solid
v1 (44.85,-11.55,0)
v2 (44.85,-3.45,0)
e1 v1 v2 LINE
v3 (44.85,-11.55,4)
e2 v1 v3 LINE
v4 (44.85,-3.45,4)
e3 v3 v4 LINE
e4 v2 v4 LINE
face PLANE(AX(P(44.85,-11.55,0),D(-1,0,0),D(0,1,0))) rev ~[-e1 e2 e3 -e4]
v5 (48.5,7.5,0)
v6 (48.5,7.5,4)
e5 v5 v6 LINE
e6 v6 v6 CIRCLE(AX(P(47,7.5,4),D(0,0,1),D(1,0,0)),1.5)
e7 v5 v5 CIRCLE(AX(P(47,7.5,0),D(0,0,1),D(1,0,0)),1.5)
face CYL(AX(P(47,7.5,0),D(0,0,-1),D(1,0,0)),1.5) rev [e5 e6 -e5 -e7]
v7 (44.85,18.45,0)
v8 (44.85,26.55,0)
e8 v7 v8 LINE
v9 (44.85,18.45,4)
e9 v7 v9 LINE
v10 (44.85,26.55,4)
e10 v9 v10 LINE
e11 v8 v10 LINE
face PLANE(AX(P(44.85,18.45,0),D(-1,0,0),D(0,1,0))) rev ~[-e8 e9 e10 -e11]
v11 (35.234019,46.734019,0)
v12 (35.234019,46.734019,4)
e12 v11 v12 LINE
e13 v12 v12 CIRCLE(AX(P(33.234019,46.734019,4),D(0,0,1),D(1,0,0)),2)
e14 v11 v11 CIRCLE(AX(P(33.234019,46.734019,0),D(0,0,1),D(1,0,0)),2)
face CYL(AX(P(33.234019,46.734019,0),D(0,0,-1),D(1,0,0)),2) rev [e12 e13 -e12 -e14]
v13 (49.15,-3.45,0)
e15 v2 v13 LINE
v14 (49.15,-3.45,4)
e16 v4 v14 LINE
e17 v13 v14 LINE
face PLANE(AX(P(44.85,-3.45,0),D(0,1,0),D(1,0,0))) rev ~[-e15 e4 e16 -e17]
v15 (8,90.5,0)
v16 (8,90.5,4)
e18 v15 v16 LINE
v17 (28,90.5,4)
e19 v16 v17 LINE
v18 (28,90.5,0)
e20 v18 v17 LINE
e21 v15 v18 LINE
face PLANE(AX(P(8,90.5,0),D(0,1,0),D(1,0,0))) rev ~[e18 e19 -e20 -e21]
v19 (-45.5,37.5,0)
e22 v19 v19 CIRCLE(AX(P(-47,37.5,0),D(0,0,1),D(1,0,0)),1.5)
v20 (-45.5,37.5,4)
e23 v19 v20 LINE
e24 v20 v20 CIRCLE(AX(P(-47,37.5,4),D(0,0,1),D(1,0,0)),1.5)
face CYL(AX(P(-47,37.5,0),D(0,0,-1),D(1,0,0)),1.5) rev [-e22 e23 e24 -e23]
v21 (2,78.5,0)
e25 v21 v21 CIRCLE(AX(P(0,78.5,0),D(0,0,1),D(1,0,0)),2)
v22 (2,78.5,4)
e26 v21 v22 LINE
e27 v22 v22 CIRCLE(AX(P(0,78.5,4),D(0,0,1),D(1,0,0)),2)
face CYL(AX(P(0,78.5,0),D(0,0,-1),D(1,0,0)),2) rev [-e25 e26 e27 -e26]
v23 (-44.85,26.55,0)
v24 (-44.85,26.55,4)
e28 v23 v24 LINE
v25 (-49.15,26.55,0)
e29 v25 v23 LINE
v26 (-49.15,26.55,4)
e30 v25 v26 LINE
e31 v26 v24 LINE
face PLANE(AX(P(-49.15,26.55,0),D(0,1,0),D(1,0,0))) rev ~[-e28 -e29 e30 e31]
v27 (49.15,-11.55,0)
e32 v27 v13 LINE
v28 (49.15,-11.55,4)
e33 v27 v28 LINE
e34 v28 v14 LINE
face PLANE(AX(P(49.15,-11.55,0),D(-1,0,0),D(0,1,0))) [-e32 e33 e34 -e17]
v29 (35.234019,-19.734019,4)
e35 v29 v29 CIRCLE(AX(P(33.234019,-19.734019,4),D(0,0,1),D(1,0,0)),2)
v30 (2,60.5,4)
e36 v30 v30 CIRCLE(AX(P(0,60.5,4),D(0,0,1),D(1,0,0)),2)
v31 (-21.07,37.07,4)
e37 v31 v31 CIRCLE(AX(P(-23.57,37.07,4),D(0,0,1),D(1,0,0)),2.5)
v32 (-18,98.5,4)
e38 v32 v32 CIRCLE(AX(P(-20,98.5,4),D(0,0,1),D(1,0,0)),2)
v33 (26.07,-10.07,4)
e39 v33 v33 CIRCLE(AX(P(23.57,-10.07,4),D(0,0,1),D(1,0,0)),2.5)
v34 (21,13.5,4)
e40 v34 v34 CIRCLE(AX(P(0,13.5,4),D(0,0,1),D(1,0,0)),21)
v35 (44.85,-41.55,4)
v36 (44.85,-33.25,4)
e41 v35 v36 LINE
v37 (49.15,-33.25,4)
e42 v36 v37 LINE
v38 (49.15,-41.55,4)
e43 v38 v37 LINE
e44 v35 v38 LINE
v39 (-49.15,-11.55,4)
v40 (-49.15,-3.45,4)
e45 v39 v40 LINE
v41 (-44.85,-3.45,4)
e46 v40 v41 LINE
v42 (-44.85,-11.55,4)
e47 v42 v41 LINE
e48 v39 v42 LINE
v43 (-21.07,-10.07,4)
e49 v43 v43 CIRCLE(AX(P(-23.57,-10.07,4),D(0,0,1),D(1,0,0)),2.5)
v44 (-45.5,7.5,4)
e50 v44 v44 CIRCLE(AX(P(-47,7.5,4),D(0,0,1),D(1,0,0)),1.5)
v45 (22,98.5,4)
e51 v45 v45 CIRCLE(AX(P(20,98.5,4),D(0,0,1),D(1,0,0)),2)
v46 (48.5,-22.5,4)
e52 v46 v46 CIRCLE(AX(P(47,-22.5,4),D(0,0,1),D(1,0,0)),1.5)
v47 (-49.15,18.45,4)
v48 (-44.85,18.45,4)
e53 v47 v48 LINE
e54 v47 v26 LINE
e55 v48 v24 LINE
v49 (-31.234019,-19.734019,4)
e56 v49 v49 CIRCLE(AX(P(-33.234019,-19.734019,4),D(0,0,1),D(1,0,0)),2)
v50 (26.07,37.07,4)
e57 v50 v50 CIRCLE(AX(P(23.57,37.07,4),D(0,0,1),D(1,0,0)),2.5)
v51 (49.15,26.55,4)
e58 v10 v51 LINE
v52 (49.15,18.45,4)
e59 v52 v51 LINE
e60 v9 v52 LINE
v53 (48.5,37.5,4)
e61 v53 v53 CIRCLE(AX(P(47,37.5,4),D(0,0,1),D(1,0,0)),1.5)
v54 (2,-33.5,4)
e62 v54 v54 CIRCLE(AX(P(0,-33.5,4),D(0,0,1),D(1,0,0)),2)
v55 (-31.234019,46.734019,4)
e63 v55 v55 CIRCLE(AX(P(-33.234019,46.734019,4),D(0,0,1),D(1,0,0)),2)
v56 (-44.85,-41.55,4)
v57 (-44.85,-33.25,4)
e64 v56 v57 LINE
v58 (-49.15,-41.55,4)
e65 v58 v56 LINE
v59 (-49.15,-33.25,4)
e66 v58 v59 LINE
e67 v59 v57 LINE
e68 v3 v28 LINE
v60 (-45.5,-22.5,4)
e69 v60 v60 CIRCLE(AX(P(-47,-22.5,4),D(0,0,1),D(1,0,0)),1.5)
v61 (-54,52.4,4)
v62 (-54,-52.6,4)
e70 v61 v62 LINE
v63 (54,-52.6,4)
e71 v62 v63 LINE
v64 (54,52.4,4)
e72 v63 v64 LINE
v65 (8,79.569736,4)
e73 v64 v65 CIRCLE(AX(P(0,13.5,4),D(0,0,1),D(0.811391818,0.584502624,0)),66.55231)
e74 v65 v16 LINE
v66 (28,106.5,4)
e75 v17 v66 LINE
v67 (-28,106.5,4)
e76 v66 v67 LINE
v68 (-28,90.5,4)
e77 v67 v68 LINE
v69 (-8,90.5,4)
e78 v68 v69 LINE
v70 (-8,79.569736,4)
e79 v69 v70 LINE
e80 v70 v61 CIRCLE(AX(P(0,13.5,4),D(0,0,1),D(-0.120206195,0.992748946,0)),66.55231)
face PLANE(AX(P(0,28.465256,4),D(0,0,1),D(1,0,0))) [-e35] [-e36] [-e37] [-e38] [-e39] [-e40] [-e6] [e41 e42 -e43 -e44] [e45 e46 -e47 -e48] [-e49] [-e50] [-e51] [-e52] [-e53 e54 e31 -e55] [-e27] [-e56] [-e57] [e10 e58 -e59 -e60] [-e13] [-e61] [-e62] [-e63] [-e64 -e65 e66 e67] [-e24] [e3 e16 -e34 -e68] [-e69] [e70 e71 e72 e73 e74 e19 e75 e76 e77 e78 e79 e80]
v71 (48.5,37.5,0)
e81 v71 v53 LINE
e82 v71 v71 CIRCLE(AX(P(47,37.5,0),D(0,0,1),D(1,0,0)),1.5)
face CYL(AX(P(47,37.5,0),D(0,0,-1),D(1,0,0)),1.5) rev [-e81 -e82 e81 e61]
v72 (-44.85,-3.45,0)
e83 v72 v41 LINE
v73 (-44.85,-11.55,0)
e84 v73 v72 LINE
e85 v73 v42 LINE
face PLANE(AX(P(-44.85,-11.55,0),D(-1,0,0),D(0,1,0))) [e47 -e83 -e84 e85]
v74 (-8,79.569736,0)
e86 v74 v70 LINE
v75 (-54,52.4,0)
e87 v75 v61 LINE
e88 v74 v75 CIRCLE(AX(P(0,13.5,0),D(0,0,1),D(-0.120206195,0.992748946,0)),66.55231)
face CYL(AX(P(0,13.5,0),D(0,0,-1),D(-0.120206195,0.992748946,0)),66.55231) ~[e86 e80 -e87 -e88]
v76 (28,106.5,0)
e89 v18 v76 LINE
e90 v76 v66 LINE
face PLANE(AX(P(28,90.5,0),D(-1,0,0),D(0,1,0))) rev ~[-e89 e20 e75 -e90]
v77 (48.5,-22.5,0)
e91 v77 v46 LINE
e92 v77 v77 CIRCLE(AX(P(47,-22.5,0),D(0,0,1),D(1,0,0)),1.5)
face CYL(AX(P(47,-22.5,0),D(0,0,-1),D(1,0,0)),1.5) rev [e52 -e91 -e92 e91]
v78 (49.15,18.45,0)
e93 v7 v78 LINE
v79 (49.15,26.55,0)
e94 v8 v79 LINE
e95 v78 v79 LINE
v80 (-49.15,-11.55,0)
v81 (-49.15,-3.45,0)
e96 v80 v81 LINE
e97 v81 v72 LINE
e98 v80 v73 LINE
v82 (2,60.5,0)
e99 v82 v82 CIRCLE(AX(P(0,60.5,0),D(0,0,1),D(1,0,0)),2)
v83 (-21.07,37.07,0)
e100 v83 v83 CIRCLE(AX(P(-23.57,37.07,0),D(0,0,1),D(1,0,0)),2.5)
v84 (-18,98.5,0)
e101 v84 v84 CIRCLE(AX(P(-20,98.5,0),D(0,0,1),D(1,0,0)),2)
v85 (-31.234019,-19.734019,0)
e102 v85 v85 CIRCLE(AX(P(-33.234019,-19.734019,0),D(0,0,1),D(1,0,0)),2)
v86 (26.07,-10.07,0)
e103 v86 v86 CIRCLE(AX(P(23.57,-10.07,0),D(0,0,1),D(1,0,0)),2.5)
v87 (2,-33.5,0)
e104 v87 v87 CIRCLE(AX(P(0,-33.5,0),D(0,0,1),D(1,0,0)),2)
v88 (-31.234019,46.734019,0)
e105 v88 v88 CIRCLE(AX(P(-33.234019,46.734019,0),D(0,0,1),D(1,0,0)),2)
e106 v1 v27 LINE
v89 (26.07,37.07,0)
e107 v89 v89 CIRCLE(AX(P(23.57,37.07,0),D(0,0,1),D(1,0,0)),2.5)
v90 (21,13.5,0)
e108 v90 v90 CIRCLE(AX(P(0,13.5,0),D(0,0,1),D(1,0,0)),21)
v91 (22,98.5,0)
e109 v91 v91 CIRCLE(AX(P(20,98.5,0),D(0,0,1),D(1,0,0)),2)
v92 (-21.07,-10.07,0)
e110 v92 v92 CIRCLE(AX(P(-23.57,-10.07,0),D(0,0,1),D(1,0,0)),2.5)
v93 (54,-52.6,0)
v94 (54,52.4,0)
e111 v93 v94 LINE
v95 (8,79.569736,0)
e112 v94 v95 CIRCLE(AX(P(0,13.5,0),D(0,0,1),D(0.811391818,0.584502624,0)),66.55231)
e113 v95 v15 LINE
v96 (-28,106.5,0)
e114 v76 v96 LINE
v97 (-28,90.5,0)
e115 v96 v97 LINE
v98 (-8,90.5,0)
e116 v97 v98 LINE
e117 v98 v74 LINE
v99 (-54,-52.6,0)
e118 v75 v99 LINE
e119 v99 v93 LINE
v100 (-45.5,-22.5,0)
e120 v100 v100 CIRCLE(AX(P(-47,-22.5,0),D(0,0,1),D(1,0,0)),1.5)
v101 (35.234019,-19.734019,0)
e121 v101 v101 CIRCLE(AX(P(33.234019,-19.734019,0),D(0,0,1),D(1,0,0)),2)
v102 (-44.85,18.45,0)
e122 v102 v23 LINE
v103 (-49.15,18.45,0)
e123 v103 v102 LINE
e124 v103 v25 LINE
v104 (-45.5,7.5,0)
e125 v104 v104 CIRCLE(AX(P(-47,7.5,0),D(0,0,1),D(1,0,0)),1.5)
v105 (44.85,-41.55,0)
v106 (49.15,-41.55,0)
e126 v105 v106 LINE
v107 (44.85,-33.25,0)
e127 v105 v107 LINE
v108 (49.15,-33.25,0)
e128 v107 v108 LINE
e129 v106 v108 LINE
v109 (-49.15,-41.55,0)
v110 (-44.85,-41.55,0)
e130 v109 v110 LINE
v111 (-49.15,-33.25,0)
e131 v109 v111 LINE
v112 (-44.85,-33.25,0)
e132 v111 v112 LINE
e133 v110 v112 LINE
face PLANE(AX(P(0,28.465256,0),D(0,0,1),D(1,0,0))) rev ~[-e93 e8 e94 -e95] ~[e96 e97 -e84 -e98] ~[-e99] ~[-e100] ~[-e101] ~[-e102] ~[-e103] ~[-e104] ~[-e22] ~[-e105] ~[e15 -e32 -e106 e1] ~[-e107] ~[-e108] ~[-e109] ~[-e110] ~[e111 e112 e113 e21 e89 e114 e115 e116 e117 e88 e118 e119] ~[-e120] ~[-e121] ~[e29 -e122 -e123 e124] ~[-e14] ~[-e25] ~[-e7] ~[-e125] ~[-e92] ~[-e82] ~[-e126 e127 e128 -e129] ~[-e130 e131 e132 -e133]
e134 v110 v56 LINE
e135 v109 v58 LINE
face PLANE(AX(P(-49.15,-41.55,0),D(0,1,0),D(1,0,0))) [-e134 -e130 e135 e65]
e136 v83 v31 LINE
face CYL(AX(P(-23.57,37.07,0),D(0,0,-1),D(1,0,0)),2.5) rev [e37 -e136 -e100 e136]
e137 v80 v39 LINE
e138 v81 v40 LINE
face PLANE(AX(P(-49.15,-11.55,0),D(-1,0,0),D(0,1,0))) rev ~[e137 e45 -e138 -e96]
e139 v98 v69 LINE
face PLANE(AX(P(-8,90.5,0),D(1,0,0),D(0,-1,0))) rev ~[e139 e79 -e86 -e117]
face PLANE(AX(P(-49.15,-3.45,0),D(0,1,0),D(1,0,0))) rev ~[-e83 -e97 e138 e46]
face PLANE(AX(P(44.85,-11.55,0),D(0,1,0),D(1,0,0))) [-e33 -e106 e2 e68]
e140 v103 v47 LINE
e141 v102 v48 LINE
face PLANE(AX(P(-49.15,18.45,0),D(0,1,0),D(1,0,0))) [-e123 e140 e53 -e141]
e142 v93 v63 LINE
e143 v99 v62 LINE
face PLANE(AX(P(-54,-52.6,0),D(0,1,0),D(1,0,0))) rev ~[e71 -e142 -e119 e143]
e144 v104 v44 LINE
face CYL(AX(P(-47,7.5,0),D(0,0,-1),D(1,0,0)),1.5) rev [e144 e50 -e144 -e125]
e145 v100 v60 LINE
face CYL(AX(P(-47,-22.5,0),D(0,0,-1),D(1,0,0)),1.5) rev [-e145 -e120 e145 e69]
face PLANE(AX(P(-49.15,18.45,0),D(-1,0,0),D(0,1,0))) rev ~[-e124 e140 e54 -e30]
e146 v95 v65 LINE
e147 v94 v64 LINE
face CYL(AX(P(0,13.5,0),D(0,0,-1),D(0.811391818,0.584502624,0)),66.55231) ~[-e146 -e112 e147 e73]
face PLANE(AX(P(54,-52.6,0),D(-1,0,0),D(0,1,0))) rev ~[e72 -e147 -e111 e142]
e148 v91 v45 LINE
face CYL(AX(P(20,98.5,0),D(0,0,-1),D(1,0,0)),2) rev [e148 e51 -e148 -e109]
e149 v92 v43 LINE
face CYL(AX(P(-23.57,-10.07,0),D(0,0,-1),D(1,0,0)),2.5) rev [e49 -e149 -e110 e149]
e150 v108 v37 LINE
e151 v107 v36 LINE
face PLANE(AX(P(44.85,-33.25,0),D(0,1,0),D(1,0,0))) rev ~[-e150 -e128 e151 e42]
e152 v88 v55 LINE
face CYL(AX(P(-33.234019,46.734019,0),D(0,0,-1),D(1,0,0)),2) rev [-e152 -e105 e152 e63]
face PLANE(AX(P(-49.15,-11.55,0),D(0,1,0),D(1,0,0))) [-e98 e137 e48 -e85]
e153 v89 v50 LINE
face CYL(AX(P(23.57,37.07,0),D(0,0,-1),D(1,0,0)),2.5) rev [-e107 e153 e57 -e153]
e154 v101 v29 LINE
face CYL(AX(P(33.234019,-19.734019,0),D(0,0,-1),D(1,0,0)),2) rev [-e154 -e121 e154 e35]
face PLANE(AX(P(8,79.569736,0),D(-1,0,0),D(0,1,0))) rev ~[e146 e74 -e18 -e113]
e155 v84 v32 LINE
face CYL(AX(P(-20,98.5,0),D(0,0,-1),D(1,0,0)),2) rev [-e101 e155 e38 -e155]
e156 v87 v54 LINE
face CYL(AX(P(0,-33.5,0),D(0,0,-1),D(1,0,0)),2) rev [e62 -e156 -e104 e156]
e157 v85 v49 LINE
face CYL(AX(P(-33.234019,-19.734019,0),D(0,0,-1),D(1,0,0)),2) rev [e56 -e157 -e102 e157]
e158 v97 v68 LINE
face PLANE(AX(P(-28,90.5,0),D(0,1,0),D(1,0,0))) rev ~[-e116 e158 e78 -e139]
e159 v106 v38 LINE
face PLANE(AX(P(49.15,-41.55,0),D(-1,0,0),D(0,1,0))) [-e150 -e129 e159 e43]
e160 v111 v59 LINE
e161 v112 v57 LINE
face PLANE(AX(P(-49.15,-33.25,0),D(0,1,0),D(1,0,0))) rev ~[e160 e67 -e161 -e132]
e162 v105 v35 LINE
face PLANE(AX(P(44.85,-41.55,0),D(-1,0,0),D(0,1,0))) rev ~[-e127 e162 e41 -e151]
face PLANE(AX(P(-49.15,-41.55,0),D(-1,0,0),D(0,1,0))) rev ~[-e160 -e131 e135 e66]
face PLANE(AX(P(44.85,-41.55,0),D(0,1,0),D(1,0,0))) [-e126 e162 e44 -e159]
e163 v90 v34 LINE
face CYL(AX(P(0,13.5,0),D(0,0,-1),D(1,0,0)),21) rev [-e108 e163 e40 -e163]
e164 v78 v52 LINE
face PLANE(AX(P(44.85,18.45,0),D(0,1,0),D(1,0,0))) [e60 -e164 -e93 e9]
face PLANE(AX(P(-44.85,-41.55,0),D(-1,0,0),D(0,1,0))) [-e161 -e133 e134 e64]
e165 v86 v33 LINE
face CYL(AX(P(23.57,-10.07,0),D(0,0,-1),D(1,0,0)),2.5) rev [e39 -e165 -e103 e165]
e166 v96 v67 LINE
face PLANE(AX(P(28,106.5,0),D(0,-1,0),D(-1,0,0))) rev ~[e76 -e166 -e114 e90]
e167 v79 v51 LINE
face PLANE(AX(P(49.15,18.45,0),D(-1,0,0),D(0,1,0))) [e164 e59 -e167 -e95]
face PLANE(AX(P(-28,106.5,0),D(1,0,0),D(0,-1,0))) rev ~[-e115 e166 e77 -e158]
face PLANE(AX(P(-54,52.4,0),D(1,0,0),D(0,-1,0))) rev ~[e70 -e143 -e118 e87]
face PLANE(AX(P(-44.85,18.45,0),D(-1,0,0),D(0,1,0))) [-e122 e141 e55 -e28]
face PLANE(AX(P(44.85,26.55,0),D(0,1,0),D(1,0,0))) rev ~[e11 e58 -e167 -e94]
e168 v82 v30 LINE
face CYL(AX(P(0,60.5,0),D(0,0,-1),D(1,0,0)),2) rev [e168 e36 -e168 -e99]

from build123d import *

# Parameters (mm, degrees)
SKETCH_1_R      = 1.5
SKETCH_1_R_2    = 2.5
SKETCH_1_R_3    = 21
SKETCH_1_R_4    = 2
SKETCH_1_W      = 4.3
SKETCH_1_H      = 8.1
SKETCH_1_H_2    = 8.3
EXTRUDE_1_DEPTH = 4


with BuildPart() as part:
    # 草图1 → 凸台-拉伸1 (new body)
    with BuildSketch(Plane.XY):
        with BuildLine():
            Line((-54, 52.4), (-54, -52.6))
            Line((-54, -52.6), (54, -52.6))
            Line((54, -52.6), (54, 52.4))
            ThreePointArc((54, 52.4), (33.845954515, 70.803240423), (8, 79.569735886))
            Line((8, 79.569735886), (8, 90.5))
            Line((8, 90.5), (28, 90.5))
            Line((28, 90.5), (28, 106.5))
            Line((28, 106.5), (-28, 106.5))
            Line((-28, 106.5), (-28, 90.5))
            Line((-28, 90.5), (-8, 90.5))
            Line((-8, 90.5), (-8, 79.569735886))
            ThreePointArc((-8, 79.569735886), (-33.845954515, 70.803240423), (-54, 52.4))
        make_face()
        with Locations((-47, 37.5)):
            Circle(SKETCH_1_R, mode=Mode.SUBTRACT)
        with Locations((-47, 7.5)):
            Circle(SKETCH_1_R, mode=Mode.SUBTRACT)
        with Locations((-47, -22.5)):
            Circle(SKETCH_1_R, mode=Mode.SUBTRACT)
        with Locations((-23.57, 37.07)):
            Circle(SKETCH_1_R_2, mode=Mode.SUBTRACT)
        with Locations((-23.57, -10.07)):
            Circle(SKETCH_1_R_2, mode=Mode.SUBTRACT)
        with Locations((23.57, -10.07)):
            Circle(SKETCH_1_R_2, mode=Mode.SUBTRACT)
        with Locations((23.57, 37.07)):
            Circle(SKETCH_1_R_2, mode=Mode.SUBTRACT)
        with Locations((47, -22.5)):
            Circle(SKETCH_1_R, mode=Mode.SUBTRACT)
        with Locations((47, 7.5)):
            Circle(SKETCH_1_R, mode=Mode.SUBTRACT)
        with Locations((47, 37.5)):
            Circle(SKETCH_1_R, mode=Mode.SUBTRACT)
        with Locations((0, 13.5)):
            Circle(SKETCH_1_R_3, mode=Mode.SUBTRACT)
        with Locations((0, 60.5)):
            Circle(SKETCH_1_R_4, mode=Mode.SUBTRACT)
        with Locations((33.234018716, 46.734018716)):
            Circle(SKETCH_1_R_4, mode=Mode.SUBTRACT)
        with Locations((33.234018716, -19.734018716)):
            Circle(SKETCH_1_R_4, mode=Mode.SUBTRACT)
        with Locations((0, -33.5)):
            Circle(SKETCH_1_R_4, mode=Mode.SUBTRACT)
        with Locations((-33.234018716, -19.734018716)):
            Circle(SKETCH_1_R_4, mode=Mode.SUBTRACT)
        with Locations((-33.234018716, 46.734018716)):
            Circle(SKETCH_1_R_4, mode=Mode.SUBTRACT)
        with Locations((0, 78.5)):
            Circle(SKETCH_1_R_4, mode=Mode.SUBTRACT)
        with Locations((-20, 98.5)):
            Circle(SKETCH_1_R_4, mode=Mode.SUBTRACT)
        with Locations((20, 98.5)):
            Circle(SKETCH_1_R_4, mode=Mode.SUBTRACT)
        with Locations((-47, 22.5)):
            Rectangle(SKETCH_1_W, SKETCH_1_H, mode=Mode.SUBTRACT)
        with Locations((-47, -7.5)):
            Rectangle(SKETCH_1_W, SKETCH_1_H, mode=Mode.SUBTRACT)
        with Locations((-47, -37.4)):
            Rectangle(SKETCH_1_W, SKETCH_1_H_2, mode=Mode.SUBTRACT)
        with Locations((47, -37.4)):
            Rectangle(SKETCH_1_W, SKETCH_1_H_2, mode=Mode.SUBTRACT)
        with Locations((47, -7.5)):
            Rectangle(SKETCH_1_W, SKETCH_1_H, mode=Mode.SUBTRACT)
        with Locations((47, 22.5)):
            Rectangle(SKETCH_1_W, SKETCH_1_H, mode=Mode.SUBTRACT)
    extrude(amount=EXTRUDE_1_DEPTH)


solid = part.part
